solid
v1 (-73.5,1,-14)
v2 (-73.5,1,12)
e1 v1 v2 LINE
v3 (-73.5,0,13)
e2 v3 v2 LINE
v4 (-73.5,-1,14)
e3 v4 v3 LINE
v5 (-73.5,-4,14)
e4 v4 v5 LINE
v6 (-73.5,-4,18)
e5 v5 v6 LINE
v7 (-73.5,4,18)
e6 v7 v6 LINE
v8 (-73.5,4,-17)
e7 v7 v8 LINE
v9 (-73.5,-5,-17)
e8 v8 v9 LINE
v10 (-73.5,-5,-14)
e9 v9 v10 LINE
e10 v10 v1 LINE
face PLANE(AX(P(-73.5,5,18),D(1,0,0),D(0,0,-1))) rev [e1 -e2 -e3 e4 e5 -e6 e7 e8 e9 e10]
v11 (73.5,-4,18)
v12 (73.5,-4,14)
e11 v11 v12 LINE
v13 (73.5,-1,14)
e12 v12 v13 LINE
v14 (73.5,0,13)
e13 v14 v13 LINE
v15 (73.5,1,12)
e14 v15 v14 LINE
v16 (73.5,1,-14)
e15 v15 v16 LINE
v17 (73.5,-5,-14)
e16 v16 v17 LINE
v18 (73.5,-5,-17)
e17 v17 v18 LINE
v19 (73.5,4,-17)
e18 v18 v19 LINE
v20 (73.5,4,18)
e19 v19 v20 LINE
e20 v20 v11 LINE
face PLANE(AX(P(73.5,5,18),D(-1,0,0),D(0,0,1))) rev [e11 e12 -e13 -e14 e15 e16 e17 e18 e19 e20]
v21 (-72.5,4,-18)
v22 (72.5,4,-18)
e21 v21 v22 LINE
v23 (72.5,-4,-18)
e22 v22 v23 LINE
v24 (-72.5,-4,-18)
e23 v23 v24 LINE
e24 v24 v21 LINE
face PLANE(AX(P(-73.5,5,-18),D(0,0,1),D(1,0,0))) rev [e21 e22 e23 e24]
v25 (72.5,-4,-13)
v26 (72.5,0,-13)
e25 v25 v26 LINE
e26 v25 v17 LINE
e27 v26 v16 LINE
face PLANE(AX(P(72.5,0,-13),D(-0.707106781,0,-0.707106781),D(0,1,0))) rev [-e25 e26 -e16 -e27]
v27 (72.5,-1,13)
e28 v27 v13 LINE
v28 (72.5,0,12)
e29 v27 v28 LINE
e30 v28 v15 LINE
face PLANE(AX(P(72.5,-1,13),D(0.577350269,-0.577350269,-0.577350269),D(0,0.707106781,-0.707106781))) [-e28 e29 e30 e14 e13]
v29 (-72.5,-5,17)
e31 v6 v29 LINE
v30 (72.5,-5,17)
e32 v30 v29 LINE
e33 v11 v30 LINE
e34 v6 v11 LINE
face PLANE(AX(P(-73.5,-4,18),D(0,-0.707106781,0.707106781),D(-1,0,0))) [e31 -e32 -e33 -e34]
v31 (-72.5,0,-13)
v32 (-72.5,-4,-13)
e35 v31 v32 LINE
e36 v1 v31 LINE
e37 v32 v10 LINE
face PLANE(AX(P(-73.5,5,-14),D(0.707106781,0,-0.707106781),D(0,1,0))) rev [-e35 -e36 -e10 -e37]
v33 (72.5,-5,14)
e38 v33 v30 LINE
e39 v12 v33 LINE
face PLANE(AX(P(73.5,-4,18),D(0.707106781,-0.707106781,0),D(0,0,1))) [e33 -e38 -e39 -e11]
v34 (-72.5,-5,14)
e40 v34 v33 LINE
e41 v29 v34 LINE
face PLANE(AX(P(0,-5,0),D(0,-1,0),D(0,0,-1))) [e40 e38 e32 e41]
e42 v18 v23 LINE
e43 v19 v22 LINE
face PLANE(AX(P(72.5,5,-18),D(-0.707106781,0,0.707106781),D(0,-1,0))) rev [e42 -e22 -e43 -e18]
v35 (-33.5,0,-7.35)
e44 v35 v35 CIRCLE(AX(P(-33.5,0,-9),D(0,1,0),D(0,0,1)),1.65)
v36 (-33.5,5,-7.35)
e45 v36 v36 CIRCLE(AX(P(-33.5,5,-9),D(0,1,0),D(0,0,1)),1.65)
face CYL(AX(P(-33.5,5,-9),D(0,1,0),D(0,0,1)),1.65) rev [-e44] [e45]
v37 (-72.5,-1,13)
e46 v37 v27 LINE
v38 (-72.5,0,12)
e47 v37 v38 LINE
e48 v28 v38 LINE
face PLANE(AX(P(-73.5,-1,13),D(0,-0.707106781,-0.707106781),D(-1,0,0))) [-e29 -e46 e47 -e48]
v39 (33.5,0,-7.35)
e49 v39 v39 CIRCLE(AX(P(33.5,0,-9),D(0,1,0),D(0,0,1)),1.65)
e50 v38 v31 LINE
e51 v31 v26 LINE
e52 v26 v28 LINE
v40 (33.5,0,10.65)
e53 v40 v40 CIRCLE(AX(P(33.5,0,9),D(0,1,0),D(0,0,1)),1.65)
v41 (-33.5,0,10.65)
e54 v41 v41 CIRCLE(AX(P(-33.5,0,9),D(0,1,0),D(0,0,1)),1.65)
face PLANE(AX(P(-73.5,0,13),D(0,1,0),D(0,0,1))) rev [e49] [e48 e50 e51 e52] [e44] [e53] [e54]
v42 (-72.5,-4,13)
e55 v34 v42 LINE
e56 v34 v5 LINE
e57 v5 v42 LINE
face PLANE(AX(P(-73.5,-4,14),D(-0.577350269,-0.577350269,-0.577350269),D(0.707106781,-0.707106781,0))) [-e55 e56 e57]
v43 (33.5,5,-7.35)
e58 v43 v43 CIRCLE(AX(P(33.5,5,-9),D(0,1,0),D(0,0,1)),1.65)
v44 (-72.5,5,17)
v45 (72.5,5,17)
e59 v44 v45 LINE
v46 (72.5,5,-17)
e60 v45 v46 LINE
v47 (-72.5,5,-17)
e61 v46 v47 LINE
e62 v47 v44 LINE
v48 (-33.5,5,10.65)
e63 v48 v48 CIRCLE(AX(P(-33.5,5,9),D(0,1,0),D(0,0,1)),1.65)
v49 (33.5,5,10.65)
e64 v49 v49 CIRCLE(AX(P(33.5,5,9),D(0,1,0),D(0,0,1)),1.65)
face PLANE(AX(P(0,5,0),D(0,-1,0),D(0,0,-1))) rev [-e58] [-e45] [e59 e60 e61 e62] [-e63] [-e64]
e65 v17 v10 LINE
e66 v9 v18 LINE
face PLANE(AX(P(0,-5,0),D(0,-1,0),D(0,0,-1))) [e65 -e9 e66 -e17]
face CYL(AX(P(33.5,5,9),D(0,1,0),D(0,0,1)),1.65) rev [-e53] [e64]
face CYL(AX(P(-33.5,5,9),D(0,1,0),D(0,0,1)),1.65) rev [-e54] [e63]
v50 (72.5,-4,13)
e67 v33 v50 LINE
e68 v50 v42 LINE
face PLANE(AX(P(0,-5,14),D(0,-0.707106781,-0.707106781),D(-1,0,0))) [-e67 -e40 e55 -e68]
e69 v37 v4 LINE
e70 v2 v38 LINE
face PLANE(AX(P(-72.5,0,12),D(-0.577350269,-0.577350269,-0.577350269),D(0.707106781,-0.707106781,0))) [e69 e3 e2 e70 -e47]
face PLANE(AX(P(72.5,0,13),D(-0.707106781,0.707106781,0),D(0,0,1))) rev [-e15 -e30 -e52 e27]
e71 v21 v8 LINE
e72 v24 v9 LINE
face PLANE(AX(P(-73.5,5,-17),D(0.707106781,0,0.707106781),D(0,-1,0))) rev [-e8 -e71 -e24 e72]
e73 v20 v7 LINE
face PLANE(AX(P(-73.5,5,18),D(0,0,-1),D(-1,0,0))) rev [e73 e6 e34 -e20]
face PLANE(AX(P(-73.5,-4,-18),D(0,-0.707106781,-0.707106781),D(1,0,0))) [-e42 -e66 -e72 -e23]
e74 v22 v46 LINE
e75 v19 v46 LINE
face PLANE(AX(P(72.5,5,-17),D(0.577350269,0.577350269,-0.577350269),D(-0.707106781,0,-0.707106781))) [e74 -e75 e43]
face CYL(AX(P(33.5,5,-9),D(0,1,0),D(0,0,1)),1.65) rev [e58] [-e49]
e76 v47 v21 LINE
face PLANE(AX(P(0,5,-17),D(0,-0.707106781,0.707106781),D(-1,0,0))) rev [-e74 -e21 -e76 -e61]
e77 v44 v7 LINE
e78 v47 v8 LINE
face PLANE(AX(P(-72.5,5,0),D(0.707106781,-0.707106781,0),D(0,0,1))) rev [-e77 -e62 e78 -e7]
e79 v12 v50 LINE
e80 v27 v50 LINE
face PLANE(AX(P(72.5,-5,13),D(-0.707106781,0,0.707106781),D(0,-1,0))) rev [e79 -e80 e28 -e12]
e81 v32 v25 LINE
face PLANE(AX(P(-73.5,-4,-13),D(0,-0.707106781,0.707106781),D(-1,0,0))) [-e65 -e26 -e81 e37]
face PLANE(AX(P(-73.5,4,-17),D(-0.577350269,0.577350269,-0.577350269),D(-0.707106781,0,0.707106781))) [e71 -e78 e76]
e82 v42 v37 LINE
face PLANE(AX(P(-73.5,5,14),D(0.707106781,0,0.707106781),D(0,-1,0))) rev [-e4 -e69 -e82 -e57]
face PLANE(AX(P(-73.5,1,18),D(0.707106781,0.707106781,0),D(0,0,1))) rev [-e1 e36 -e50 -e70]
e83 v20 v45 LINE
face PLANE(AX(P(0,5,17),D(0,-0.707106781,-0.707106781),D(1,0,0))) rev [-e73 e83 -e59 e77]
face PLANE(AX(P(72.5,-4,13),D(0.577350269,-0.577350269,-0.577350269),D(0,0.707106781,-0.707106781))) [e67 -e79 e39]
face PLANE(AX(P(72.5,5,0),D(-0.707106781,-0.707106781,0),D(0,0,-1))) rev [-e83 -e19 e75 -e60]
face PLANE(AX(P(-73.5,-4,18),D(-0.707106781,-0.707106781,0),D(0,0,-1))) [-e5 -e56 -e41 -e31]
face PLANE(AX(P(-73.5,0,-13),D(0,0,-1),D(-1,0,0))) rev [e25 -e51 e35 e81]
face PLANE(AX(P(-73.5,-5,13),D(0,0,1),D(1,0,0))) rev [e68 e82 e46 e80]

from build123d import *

# Parameters (mm, degrees)
SKETCH1_W                       = 147
SKETCH1_H                       = 36
BOSS_EXTRUDE1_DEPTH             = 5
SKETCH2_W                       = 26
SKETCH2_H                       = 5
CUT_EXTRUDE1_DEPTH              = 74.5
CUT_EXTRUDE1_DEPTH_BACK         = 74.5
CHAMFER1_SIZE                   = 1
TAP_DRILL_FOR_M4X0_7_TAP1_D     = 3.3
TAP_DRILL_FOR_M4X0_7_TAP1_DEPTH = 14
TAP_DRILL_FOR_M4X0_7_TAP1_TIP   = 0.991420021


with BuildPart() as part:
    # Sketch1 → Boss-Extrude1 (new body, symmetric)
    with BuildSketch(Plane(origin=(0, 0, 0), x_dir=(1, 0, 0), z_dir=(0, 1, 0))):
        Rectangle(SKETCH1_W, SKETCH1_H)
    extrude(amount=BOSS_EXTRUDE1_DEPTH, both=True)

    # Sketch2 → Cut-Extrude1 (cut, two sides)
    with BuildSketch(Plane(origin=(0, 0, 0), x_dir=(0, 0, -1), z_dir=(1, 0, 0))) as cut_extrude1_sk:
        with Locations((0, -2.5)):
            Rectangle(SKETCH2_W, SKETCH2_H)
    extrude(amount=CUT_EXTRUDE1_DEPTH, mode=Mode.SUBTRACT)
    extrude(cut_extrude1_sk.sketch, amount=-CUT_EXTRUDE1_DEPTH_BACK, mode=Mode.SUBTRACT)

    # Chamfer1
    chamfer1_edges = [part.edges().sort_by_distance(p)[0] for p in [
        (73.5, -2.5, 13),
        (0, -5, 18),
        (0, 0, 13),
        (73.5, 0, 0),
        (73.5, -2.5, -13),
        (0, -5, -13),
        (-73.5, -2.5, -13),
        (-73.5, 0, 0),
        (-73.5, -2.5, 13),
        (-73.5, -5, 15.5),
        (0, -5, 13),
        (73.5, -5, 15.5),
        (0, 5, 18),
        (-73.5, 5, 0),
        (73.5, 5, 0),
        (0, 5, -18),
        (73.5, 0, -18),
        (0, -5, -18),
        (-73.5, 0, -18),
    ]]
    chamfer(chamfer1_edges, length=CHAMFER1_SIZE)

    # Tap Drill for M4x0.7 Tap1
    with Locations(Plane(origin=(-88.5, 5, -18), x_dir=(-1, 0, 0), z_dir=(0, 1, 0))):
        with Locations((-55, 27), (-122, 27), (-55, 9), (-122, 9)):
            Hole(TAP_DRILL_FOR_M4X0_7_TAP1_D / 2, depth=TAP_DRILL_FOR_M4X0_7_TAP1_DEPTH)
            with Locations((0, 0, -(TAP_DRILL_FOR_M4X0_7_TAP1_DEPTH + TAP_DRILL_FOR_M4X0_7_TAP1_TIP / 2))):  # 118° drill point
                Cone(0, TAP_DRILL_FOR_M4X0_7_TAP1_D / 2, TAP_DRILL_FOR_M4X0_7_TAP1_TIP, mode=Mode.SUBTRACT)


solid = part.part
